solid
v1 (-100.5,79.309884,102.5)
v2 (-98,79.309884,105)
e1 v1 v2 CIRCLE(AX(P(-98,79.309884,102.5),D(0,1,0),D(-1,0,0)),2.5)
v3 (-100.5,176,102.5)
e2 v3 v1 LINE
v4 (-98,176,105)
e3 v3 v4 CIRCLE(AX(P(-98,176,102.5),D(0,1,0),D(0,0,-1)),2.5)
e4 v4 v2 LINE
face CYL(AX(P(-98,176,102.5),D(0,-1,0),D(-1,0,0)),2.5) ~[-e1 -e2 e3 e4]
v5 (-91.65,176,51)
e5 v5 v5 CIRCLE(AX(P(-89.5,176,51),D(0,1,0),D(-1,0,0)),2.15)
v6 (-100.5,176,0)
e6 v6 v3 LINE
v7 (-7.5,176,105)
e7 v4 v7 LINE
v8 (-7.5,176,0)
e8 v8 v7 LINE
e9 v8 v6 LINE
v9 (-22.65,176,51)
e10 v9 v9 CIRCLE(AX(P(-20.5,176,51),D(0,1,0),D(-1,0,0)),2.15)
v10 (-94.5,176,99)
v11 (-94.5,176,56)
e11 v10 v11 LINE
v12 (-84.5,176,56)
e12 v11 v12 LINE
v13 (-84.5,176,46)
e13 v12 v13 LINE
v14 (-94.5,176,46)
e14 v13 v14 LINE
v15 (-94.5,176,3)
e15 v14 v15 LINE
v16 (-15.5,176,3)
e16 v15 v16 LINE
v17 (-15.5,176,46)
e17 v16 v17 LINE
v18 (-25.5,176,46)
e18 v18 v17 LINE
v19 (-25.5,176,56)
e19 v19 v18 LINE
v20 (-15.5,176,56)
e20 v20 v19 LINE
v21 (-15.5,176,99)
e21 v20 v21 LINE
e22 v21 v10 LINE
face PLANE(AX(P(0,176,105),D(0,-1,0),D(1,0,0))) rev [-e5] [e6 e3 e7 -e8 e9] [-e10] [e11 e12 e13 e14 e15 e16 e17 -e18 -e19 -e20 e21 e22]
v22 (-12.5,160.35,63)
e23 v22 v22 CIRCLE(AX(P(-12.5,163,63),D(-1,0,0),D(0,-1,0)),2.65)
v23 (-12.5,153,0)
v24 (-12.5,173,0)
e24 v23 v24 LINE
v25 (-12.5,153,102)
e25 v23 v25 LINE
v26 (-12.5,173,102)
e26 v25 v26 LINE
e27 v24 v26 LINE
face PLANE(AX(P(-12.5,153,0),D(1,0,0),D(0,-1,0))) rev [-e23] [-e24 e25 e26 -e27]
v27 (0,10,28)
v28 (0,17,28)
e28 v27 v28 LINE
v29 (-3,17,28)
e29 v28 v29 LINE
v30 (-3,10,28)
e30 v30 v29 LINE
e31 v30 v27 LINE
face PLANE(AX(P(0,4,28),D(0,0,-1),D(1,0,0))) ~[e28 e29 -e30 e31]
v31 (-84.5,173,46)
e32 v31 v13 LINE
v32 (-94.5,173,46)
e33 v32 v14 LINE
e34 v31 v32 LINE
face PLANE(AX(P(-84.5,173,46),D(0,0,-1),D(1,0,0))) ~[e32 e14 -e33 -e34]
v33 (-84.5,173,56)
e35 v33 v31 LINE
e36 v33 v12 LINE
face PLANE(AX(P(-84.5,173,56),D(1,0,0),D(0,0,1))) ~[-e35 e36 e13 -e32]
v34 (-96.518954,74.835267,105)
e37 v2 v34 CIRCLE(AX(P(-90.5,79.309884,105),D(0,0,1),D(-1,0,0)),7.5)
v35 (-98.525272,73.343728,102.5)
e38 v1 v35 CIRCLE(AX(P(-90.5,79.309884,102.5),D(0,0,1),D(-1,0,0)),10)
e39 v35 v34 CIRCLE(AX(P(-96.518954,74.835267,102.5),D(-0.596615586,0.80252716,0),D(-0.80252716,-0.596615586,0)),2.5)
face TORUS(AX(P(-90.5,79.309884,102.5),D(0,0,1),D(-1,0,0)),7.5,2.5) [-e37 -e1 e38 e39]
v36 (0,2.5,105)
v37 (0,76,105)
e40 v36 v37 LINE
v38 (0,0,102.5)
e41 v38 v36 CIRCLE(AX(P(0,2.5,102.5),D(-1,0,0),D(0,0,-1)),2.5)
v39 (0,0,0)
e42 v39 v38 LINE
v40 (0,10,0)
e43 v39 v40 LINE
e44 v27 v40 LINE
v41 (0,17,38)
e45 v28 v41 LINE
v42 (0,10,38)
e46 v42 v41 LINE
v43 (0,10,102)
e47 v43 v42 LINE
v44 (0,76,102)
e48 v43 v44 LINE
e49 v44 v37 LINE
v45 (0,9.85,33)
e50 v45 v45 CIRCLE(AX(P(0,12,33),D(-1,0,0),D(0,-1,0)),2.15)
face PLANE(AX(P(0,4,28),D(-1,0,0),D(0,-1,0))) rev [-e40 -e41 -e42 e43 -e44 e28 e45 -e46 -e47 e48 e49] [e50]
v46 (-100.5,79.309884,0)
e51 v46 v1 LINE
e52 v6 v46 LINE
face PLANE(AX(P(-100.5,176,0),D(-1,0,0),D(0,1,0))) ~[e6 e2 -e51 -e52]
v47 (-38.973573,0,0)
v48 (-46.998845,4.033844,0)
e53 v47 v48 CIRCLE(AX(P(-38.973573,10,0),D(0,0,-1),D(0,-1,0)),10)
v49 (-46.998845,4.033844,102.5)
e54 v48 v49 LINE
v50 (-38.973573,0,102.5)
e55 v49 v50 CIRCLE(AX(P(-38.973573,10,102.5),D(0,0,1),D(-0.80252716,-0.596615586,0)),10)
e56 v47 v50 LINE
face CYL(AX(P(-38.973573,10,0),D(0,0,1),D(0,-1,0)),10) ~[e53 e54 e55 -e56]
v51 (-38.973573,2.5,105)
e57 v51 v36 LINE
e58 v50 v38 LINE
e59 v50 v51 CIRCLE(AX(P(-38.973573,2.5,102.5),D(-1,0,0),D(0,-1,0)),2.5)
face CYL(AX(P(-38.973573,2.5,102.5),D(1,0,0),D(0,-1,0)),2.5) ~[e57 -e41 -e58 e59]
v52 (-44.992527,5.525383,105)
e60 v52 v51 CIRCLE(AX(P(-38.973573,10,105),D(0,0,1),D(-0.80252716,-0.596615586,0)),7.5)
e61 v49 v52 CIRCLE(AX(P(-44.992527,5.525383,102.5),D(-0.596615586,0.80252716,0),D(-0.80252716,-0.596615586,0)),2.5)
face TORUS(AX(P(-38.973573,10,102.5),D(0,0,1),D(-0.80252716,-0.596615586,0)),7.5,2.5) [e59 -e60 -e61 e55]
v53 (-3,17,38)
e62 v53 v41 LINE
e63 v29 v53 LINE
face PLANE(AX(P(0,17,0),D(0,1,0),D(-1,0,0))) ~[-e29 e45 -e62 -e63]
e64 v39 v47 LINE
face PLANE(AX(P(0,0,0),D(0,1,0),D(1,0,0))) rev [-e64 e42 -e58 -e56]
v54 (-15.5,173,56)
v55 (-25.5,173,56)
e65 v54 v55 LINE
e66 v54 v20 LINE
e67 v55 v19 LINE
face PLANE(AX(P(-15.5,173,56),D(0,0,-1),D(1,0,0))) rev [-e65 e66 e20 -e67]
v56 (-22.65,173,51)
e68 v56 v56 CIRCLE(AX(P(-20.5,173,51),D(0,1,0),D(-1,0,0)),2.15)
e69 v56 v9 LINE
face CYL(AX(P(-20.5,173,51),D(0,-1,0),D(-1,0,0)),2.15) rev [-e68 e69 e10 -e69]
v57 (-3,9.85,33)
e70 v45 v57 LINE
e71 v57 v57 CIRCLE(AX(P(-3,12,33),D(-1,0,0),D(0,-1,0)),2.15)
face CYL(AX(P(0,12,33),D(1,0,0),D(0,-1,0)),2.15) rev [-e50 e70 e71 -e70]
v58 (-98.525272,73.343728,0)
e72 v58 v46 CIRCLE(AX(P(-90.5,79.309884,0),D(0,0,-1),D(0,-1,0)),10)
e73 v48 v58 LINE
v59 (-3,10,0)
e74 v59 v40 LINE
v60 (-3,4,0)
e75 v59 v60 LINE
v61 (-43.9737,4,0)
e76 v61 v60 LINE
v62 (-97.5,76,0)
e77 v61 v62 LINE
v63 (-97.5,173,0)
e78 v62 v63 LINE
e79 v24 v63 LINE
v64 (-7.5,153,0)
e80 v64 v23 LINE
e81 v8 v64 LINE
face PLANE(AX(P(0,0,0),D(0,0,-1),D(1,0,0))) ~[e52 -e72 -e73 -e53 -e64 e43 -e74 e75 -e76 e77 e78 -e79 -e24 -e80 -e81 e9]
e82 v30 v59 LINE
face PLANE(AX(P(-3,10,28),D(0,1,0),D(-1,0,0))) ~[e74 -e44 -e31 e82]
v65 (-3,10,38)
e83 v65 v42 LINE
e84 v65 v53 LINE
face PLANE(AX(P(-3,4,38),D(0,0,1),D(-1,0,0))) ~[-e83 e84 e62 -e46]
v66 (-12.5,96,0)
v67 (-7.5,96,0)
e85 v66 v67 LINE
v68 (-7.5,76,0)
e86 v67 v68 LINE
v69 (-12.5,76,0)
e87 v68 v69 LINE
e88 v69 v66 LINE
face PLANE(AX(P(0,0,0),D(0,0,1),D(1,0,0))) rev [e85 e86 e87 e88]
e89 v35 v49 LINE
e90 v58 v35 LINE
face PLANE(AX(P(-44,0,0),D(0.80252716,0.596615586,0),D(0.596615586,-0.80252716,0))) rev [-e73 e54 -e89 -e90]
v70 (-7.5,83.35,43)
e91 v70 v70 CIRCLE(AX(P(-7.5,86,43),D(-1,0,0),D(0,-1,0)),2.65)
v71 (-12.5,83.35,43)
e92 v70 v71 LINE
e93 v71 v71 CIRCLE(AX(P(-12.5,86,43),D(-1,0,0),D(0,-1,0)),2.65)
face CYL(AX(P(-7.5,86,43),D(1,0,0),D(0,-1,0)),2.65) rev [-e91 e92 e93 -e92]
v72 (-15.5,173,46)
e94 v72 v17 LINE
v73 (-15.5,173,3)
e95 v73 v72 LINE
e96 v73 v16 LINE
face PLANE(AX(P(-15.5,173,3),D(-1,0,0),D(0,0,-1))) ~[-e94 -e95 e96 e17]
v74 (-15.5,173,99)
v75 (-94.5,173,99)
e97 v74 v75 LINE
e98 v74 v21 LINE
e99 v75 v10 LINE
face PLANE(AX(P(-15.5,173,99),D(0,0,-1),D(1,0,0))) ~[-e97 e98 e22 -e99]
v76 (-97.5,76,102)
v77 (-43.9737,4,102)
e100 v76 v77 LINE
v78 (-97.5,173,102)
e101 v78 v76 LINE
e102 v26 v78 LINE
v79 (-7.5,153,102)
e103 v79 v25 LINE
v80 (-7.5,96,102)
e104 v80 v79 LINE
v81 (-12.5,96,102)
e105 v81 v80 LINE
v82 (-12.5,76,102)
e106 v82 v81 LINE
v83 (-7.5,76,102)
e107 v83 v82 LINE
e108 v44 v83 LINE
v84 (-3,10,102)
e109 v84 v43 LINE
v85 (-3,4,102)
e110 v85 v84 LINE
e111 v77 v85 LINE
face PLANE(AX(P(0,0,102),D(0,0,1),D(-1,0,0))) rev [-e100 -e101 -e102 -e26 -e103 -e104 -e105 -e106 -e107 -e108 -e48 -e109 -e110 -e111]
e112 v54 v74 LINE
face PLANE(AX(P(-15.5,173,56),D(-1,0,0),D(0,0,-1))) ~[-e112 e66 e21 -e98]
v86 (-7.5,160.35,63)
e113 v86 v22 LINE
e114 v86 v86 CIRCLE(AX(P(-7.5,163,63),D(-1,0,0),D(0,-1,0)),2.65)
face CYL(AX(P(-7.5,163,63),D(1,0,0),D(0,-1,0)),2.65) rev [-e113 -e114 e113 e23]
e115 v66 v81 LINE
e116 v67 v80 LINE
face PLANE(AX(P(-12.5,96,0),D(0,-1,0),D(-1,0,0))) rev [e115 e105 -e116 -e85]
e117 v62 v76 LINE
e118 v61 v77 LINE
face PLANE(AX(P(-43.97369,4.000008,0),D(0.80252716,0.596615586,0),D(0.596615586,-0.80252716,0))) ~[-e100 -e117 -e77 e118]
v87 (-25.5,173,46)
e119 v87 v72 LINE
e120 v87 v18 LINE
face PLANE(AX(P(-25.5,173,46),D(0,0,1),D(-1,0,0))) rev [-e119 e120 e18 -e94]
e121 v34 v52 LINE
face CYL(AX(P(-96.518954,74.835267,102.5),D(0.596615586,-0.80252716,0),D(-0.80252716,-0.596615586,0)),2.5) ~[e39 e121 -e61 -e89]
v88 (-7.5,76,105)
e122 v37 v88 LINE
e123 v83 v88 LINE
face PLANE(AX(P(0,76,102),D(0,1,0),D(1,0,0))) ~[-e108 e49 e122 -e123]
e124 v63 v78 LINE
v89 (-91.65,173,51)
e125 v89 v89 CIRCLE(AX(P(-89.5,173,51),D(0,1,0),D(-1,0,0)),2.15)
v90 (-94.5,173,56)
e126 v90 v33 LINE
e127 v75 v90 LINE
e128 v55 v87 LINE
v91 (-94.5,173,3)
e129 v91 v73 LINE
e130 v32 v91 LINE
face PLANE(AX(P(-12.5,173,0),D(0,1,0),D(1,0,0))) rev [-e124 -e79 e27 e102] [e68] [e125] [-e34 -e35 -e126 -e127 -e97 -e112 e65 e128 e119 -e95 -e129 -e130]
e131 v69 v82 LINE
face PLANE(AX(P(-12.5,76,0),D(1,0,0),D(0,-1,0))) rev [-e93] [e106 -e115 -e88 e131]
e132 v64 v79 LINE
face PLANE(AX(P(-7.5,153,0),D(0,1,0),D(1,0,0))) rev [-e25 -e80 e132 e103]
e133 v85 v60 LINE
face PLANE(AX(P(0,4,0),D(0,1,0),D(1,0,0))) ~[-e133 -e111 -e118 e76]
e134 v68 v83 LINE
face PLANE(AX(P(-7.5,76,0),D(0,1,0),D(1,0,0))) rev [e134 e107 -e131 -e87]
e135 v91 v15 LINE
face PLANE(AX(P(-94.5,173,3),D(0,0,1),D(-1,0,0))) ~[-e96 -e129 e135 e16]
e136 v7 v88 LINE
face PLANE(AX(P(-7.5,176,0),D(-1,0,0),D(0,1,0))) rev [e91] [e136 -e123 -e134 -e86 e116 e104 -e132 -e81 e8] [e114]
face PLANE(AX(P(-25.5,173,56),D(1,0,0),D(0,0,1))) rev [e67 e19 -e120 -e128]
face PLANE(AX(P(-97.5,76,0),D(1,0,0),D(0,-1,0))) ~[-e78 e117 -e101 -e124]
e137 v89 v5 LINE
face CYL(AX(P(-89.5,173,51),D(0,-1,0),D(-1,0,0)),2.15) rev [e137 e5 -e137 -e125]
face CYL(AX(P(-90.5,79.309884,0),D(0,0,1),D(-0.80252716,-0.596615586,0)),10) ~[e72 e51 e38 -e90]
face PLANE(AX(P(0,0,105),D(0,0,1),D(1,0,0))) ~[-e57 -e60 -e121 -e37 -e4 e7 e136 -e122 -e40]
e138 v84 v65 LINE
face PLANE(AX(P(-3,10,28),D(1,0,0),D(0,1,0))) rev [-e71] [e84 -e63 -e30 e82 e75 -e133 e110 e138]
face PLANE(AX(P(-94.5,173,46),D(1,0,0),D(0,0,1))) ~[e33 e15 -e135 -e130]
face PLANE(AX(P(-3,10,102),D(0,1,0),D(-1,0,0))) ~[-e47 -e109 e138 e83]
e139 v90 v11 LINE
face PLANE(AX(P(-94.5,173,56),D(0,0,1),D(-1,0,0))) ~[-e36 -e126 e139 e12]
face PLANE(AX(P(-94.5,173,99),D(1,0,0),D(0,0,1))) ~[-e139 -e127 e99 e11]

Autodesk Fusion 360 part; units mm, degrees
sketch "스케치1" plane through (0, 0, 0) normal (0, 0, 1) x (1, 0, 0)
  line L0 (0, 0) -> (44, 0)
  line L1 (0, 0) -> (0, 4)
  line L2 (0, 4) -> (41, 4)
  line L3 (0, 0) -> (44, 0)
  line L4 (44, 0) -> (100.5, 76)
  line L5 (100.5, 76) -> (97.5, 76)
  line L6 (44, 0) -> (41, 0)
  line L7 (41, 0) -> (97.5, 76)
  line L8 (41, 4) -> (43.9737, 4)
  line L9 (100.5, 76) -> (97.5, 76)
  line L10 (97.5, 76) -> (97.5, 176)
  line L11 (97.5, 176) -> (100.5, 176)
  line L12 (100.5, 176) -> (100.5, 76)
  line L13 (0, 4) -> (0, 76)
  line L14 (0, 76) -> (7.5, 76)
  line L15 (7.5, 76) -> (12.5, 76)
  line L16 (12.5, 76) -> (12.5, 96)
  line L17 (12.5, 96) -> (7.5, 96)
  line L18 (7.5, 96) -> (7.5, 76)
  line L19 (97.5, 176) -> (12.5, 176)
  line L20 (12.5, 176) -> (12.5, 173)
  line L21 (12.5, 173) -> (97.5, 173)
  line L22 (97.5, 173) -> (97.5, 176)
  line L23 (12.5, 176) -> (7.5, 176)
  line L24 (7.5, 176) -> (7.5, 153)
  line L25 (7.5, 153) -> (12.5, 153)
  line L26 (12.5, 153) -> (12.5, 176)
  dimension "d1" = 44
  dimension "d2" = 4
  dimension "d3" = 41
  dimension "d7" = 3
  dimension "d8" = 3
  dimension "d9" = 3
  dimension "d10" = 100
  dimension "d19" = 72
  dimension "d20" = 7.5
  dimension "d21" = 5
  dimension "d22" = 20
  dimension "d26" = 85
  dimension "d27" = 3
  dimension "d28" = 23
extrude "돌출1" add sketch "스케치1" along normal blind 105 makes body 1 at (100.5, 142.6667, 35) makes body 2 at (7.5, 89.3333, 35)
sketch "스케치2" plane through (0, 0, 105) normal (0, 0, 1) x (-1, 0, 0)
  line L0 (0, 0) -> (-44, 0)
  line L1 (-44, 0) -> (-100.5, -76)
  line L2 (-100.5, -76) -> (-100.5, -176)
  line L3 (-100.5, -176) -> (-7.5, -176)
  line L4 (-97.5, -173) -> (-97.5, -76)
  line L5 (-97.5, -76) -> (-43.9737, -4)
  line L6 (-43.9737, -4) -> (0, -4)
  line L7 (0, -4) -> (0, 0)
  line L8 (0, -4) -> (0, -176)
  line L9 (0, -176) -> (-7.5, -176)
  line L10 (-12.5, -153) -> (-12.5, -173)
  line L11 (-12.5, -173) -> (-97.5, -173)
  line L12 (-7.5, -176) -> (-7.5, -153)
  line L13 (-7.5, -153) -> (-12.5, -153)
extrude "돌출2" add sketch "스케치2" against normal blind 3 contours L4 L5 L6 L8 L9 L10 L11 L12 L13 bodies 1 2
fillet "필렛1" radius 10 2 edges at (100.5, 76, 52.5) (44, 0, 52.5) on bodies 1
fillet "필렛2" radius 2.5 5 edges at (19.4868, 0, 105) (43.4646, 1.0652, 105) (72.7621, 38.6888, 105) (99.9935, 76.1676, 105) (100.5, 127.6549, 105) on bodies 1
sketch "스케치3" plane through (0, 173, 0) normal (0, -1, 0) x (1, 0, 0)
  line L0 (97.5, 102) -> (12.5, 102)
  line L1 (12.5, 102) -> (12.5, 0)
  line L2 (12.5, 0) -> (97.5, 0)
  line L3 (97.5, 0) -> (97.5, 102)
  line L4 (97.5, 0) -> (94.5, 0)
  line L5 (94.5, 0) -> (94.5, 3)
  line L6 (94.5, 3) -> (97.5, 3)
  line L7 (97.5, 3) -> (97.5, 0)
  line L8 (12.5, 102) -> (15.5, 102)
  line L9 (15.5, 102) -> (15.5, 99)
  line L10 (15.5, 99) -> (12.5, 99)
  line L11 (12.5, 99) -> (12.5, 102)
  line L12 (15.5, 99) -> (94.5, 99)
  line L13 (94.5, 99) -> (94.5, 3)
  line L14 (94.5, 3) -> (15.5, 3)
  line L15 (15.5, 3) -> (15.5, 99)
  line L16 (94.5, 99) -> (94.5, 56)
  line L17 (94.5, 56) -> (84.5, 56)
  line L18 (84.5, 56) -> (84.5, 46)
  line L19 (84.5, 46) -> (94.5, 46)
  line L20 (94.5, 46) -> (94.5, 56)
  line L21 (15.5, 56) -> (25.5, 56)
  line L22 (25.5, 56) -> (25.5, 46)
  line L23 (25.5, 46) -> (15.5, 46)
  line L24 (15.5, 46) -> (15.5, 56)
  circle A0 centre (89.5, 51) radius 2.15
  circle A1 centre (20.5, 51) radius 2.15
  dimension "d29" = 3
  dimension "d30" = 3
  dimension "d31" = 3
  dimension "d32" = 3
  dimension "d35" = 43
  dimension "d36" = 10
  dimension "d37" = 10
  dimension "d38" = 10
  dimension "d39" = 10
  dimension "d40" = 4.3
  dimension "d41" = 4.3
extrude "돌출3" cut sketch "스케치3" against normal blind 3 contours L12 L13 L14 L15 L16 L17 L18 L19 L21 L22 L23 | A0 | A1 bodies 1
sketch "스케치4" plane through (7.5, 0, 0) normal (-1, 0, 0) x (0, -1, 0)
  line L0 (-153, 102) -> (-176, 102)
  line L1 (-176, 102) -> (-176, 0)
  line L2 (-176, 0) -> (-153, 0)
  line L3 (-153, 0) -> (-153, 102)
  line L4 (-153, 102) -> (-153, 73)
  line L5 (-153, 73) -> (-173, 73)
  line L6 (-173, 73) -> (-173, 53)
  line L7 (-173, 53) -> (-153, 53)
  line L8 (-153, 53) -> (-153, 73)
  circle A0 centre (-163, 63) radius 2.65
  dimension "d42" = 29
  dimension "d43" = 20
  dimension "d44" = 20
  dimension "d45" = 5.3
sketch "스케치5" plane through (7.5, 0, 0) normal (-1, 0, 0) x (0, -1, 0)
  line L0 (-76, 102) -> (-96, 102)
  line L1 (-96, 102) -> (-96, 0)
  line L2 (-96, 0) -> (-76, 0)
  line L3 (-76, 0) -> (-76, 102)
  line L4 (-76, 102) -> (-76, 53)
  line L5 (-76, 53) -> (-96, 53)
  line L6 (-96, 53) -> (-96, 33)
  line L7 (-96, 33) -> (-76, 33)
  line L8 (-76, 33) -> (-76, 53)
  circle A0 centre (-86, 43) radius 2.65
  dimension "d46" = 49
  dimension "d47" = 20
  dimension "d48" = 5.3
extrude "돌출4" cut sketch "스케치4" sketch "스케치5" against normal blind 5 contours A0 of sketch 2 contours A0 bodies 1
sketch "스케치6" plane through (0, 0, 102) normal (0, 0, -1) x (1, 0, 0)
  line L0 (7.5, -176) -> (7.5, -153)
  line L1 (7.5, -153) -> (12.5, -153)
  line L2 (12.5, -153) -> (12.5, -173)
  line L3 (12.5, -173) -> (97.5, -173)
  line L4 (97.5, -173) -> (97.5, -76)
  line L5 (97.5, -76) -> (43.9737, -4)
  line L6 (43.9737, -4) -> (0, -4)
  line L7 (0, -4) -> (0, -176)
  line L8 (0, -176) -> (7.5, -176)
  line L9 (12.5, -96) -> (7.5, -96)
  line L10 (7.5, -96) -> (7.5, -76)
  line L11 (7.5, -76) -> (12.5, -76)
  line L12 (12.5, -76) -> (12.5, -96)
  line L13 (0, -76) -> (7.5, -76)
  line L14 (7.5, -76) -> (7.5, -176)
  line L15 (7.5, -176) -> (0, -176)
  line L16 (0, -176) -> (0, -76)
extrude "돌출5" cut sketch "스케치6" against normal blind 3 contours L0 L7 L8 L10 L13 L14 L15 L16 bodies 1
sketch "스케치7" plane through (0, 4, 0) normal (0, 1, 0) x (-1, 0, 0)
  line L0 (0, 102) -> (-43.9737, 102)
  line L1 (-43.9737, 102) -> (-43.9737, 0)
  line L2 (-43.9737, 0) -> (0, 0)
  line L3 (0, 0) -> (0, 102)
  line L4 (0, 0) -> (0, 28)
  line L5 (0, 28) -> (-3, 28)
  line L6 (-3, 28) -> (-3, 38)
  line L7 (-3, 38) -> (0, 38)
  line L8 (0, 38) -> (0, 28)
  dimension "d53" = 28
  dimension "d54" = 3
  dimension "d55" = 10
extrude "돌출6" add sketch "스케치7" along normal blind 13 contours L3 L5 L6 L7 L8 bodies 1
sketch "스케치8" plane through (0, 0, 0) normal (-1, 0, 0) x (0, -1, 0)
  line L0 (-76, 105) -> (-76, 102)
  line L1 (-76, 102) -> (-4, 102)
  line L2 (-4, 102) -> (-4, 38)
  line L3 (-4, 38) -> (-17, 38)
  line L4 (-17, 38) -> (-17, 28)
  line L5 (-17, 28) -> (-4, 28)
  line L6 (-4, 28) -> (-4, 0)
  line L7 (-4, 0) -> (0, 0)
  line L8 (0, 0) -> (0, 102.5)
  arc A0 (0, 102.5) -> (-2.5, 105) centre (-2.5, 102.5) ccw
  line L9 (-2.5, 105) -> (-76, 105)
  line L10 (-17, 38) -> (-7, 38)
  line L11 (-7, 38) -> (-7, 28)
  line L12 (-7, 28) -> (-17, 28)
  line L13 (-17, 28) -> (-17, 38)
  circle A1 centre (-12, 33) radius 2.15
  dimension "d58" = 4.3
extrude "돌출7" cut sketch "스케치8" against normal blind 3 contours A1 bodies 1
sketch "스케치9" plane through (0, 0, 102) normal (0, 0, -1) x (1, 0, 0)
  line L0 (7.5, -96) -> (7.5, -153)
  line L1 (7.5, -153) -> (12.5, -153)
  line L2 (12.5, -153) -> (12.5, -173)
  line L3 (12.5, -173) -> (97.5, -173)
  line L4 (97.5, -173) -> (97.5, -76)
  line L5 (97.5, -76) -> (43.9737, -4)
  line L6 (43.9737, -4) -> (0, -4)
  line L7 (0, -4) -> (0, -76)
  line L8 (0, -76) -> (7.5, -76)
  line L9 (7.5, -76) -> (12.5, -76)
  line L10 (12.5, -76) -> (12.5, -96)
  line L11 (12.5, -96) -> (7.5, -96)
  line L12 (0, -4) -> (3, -4)
  line L13 (3, -4) -> (3, -10)
  line L14 (3, -10) -> (0, -10)
  line L15 (0, -10) -> (0, -4)
  dimension "d61" = 3
  dimension "d62" = 6
extrude "돌출8" add sketch "스케치9" along normal blind 64 contours L6 L7 L12 L13 L14 L15 bodies 1
sketch "스케치10" plane through (0, 0, 28) normal (0, 0, -1) x (1, 0, 0)
  line L0 (3, -4) -> (0, -4)
  line L1 (0, -4) -> (0, -17)
  line L2 (0, -17) -> (3, -17)
  line L3 (3, -17) -> (3, -4)
  line L4 (0, -4) -> (3, -4)
  line L5 (3, -4) -> (3, -10)
  line L6 (3, -10) -> (0, -10)
  line L7 (0, -10) -> (0, -4)
  dimension "d65" = 6
extrude "돌출9" add sketch "스케치10" along normal blind 28 contours L0 L1 L3 L4 L5 L6 L7 bodies 1
mirror "미러1" about plane through (0, 0, 0) normal (1, 0, 0) of bodies 1 makes body 3
hidden bodies 1
